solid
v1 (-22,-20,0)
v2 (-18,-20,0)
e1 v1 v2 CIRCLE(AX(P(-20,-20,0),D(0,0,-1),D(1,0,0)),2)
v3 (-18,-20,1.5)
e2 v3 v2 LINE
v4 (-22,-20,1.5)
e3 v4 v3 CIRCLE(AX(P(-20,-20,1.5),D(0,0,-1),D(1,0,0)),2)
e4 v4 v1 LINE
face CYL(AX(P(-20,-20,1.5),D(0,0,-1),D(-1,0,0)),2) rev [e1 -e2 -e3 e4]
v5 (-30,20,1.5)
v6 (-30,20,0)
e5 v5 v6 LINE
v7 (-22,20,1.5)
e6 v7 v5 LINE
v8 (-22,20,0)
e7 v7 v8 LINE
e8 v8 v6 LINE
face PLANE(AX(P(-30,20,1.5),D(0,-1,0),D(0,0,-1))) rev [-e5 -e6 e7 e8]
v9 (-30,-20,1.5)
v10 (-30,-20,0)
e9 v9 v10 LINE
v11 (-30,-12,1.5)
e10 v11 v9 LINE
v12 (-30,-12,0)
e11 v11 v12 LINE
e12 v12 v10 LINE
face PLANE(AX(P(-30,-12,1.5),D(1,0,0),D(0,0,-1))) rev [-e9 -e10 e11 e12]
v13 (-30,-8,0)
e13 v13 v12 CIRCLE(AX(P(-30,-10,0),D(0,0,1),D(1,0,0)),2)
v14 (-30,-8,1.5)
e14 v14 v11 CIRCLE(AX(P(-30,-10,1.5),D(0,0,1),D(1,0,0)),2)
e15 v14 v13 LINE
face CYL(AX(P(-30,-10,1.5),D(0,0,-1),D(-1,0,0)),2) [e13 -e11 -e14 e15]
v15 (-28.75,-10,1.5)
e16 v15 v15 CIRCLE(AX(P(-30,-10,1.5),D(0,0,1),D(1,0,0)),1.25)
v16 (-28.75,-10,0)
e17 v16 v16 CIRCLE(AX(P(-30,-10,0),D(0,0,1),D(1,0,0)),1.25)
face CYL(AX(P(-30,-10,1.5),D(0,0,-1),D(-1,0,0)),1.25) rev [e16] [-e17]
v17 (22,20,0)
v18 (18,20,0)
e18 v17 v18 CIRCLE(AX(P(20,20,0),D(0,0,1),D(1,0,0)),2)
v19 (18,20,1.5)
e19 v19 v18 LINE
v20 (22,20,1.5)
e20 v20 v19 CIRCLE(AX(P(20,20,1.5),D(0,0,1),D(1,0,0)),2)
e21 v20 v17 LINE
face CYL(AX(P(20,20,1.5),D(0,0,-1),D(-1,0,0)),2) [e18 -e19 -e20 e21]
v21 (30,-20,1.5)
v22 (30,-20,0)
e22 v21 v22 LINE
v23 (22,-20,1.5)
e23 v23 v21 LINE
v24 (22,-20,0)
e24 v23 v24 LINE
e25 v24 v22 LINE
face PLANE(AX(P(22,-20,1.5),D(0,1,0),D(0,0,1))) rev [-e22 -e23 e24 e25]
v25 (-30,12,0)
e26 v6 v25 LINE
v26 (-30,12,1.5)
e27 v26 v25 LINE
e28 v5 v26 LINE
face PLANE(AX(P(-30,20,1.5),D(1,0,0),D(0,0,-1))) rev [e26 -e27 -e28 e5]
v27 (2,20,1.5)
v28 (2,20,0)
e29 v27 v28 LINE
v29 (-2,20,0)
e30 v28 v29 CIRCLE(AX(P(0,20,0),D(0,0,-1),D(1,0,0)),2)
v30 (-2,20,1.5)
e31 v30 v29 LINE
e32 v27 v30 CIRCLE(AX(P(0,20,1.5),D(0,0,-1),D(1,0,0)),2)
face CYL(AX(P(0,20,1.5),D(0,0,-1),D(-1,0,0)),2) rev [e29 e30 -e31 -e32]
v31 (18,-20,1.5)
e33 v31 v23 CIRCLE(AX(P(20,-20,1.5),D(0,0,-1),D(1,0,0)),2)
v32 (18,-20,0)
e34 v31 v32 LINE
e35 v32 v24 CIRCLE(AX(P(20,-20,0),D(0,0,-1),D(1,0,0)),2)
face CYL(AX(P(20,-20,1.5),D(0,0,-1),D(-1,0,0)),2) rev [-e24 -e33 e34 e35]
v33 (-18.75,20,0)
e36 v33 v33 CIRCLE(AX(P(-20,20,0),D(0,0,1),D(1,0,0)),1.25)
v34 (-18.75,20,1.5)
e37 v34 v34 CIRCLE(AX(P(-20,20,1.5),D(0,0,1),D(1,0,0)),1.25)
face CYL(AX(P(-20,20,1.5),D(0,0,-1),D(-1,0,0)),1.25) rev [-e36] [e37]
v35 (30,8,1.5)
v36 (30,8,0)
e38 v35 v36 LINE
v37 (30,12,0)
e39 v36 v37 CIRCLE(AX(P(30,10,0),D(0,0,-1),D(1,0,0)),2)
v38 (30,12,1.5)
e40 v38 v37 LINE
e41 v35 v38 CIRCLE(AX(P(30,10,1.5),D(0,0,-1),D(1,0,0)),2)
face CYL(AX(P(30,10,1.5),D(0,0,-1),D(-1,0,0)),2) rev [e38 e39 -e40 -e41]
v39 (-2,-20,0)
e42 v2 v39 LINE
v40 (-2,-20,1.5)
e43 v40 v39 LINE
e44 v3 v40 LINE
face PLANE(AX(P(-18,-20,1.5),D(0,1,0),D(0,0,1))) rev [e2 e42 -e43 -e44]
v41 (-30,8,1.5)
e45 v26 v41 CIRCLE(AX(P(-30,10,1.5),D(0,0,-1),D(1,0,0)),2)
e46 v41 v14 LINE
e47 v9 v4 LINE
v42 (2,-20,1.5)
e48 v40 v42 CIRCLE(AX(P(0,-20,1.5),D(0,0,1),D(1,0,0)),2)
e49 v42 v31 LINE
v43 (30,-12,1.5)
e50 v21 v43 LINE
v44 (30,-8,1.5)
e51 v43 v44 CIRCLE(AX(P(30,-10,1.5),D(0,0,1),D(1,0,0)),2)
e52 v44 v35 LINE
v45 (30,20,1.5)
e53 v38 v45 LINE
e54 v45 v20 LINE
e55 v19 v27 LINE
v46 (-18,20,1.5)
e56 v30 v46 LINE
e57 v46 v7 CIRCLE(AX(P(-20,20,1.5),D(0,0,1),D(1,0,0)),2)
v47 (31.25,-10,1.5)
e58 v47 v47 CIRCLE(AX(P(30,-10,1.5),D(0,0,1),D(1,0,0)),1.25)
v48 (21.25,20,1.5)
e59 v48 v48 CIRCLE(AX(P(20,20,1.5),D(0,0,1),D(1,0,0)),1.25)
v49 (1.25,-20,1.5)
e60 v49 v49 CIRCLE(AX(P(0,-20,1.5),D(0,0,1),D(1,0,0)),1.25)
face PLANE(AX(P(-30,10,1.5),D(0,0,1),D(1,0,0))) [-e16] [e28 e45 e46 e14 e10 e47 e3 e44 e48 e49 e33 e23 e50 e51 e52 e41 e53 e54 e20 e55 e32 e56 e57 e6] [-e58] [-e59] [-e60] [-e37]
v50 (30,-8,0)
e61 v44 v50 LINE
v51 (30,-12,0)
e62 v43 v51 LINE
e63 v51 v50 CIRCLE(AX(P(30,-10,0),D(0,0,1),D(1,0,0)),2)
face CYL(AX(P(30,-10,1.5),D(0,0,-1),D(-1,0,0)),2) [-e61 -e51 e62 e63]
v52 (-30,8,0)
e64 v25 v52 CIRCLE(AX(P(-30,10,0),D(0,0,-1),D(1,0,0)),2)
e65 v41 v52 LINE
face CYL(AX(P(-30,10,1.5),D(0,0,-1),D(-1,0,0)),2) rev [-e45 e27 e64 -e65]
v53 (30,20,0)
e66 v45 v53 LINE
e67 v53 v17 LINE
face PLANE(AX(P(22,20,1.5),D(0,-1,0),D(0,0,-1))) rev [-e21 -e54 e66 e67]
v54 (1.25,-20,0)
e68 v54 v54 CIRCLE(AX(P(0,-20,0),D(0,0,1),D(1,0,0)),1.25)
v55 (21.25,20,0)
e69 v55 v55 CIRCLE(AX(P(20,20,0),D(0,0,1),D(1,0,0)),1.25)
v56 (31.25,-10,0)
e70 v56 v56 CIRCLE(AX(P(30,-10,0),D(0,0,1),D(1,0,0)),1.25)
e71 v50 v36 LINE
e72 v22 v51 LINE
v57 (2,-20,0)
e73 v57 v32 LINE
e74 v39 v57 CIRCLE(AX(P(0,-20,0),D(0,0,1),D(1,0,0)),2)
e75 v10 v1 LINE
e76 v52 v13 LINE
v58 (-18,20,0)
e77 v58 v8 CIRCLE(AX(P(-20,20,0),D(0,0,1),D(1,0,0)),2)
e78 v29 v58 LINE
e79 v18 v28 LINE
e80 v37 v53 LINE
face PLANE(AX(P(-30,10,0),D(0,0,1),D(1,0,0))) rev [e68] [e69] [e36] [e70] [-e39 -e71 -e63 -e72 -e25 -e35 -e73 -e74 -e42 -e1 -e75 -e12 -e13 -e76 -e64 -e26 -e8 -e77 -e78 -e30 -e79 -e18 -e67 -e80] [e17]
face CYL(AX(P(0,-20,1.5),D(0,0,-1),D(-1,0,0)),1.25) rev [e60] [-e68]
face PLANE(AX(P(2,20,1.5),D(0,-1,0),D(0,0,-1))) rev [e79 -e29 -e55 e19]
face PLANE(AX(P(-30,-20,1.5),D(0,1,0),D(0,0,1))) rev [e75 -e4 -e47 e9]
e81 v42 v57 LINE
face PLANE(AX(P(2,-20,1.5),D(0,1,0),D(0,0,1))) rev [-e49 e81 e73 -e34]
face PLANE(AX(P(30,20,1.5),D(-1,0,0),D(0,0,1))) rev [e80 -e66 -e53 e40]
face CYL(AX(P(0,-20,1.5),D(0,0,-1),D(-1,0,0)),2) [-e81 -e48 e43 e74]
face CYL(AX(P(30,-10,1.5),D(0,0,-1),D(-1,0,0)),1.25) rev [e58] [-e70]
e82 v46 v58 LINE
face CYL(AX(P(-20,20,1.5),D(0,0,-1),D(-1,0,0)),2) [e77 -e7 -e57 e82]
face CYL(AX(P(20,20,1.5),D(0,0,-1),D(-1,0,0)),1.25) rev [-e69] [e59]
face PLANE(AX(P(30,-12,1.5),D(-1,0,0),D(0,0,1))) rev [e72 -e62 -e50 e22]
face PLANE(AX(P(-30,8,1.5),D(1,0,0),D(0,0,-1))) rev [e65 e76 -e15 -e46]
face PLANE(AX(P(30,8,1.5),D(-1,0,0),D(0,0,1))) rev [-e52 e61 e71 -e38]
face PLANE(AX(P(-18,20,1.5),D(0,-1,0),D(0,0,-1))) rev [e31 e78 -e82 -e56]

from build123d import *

# Parameters (mm, degrees)
ESQUISSE1_R        = 1.25
BOSS_EXTRU_1_DEPTH = 1.5


with BuildPart() as part:
    # Esquisse1 → Boss.-Extru.1 (new body)
    with BuildSketch(Plane.XY):
        with BuildLine():
            Line((-30, 20), (-22, 20))
            ThreePointArc((-22, 20), (-20, 22), (-18, 20))
            Line((-18, 20), (-2, 20))
            ThreePointArc((-2, 20), (0, 18), (2, 20))
            Line((2, 20), (18, 20))
            ThreePointArc((18, 20), (20, 22), (22, 20))
            Line((22, 20), (30, 20))
            Line((30, 20), (30, 12))
            ThreePointArc((30, 12), (28, 10), (30, 8))
            Line((30, 8), (30, -8))
            ThreePointArc((30, -8), (32, -10), (30, -12))
            Line((30, -12), (30, -20))
            Line((30, -20), (22, -20))
            ThreePointArc((22, -20), (20, -18), (18, -20))
            Line((18, -20), (2, -20))
            ThreePointArc((2, -20), (0, -22), (-2, -20))
            Line((-2, -20), (-18, -20))
            ThreePointArc((-18, -20), (-20, -18), (-22, -20))
            Line((-22, -20), (-30, -20))
            Line((-30, -20), (-30, -12))
            ThreePointArc((-30, -12), (-32, -10), (-30, -8))
            Line((-30, -8), (-30, 8))
            ThreePointArc((-30, 8), (-28, 10), (-30, 12))
            Line((-30, 12), (-30, 20))
        make_face()
        with Locations((-20, 20)):
            Circle(ESQUISSE1_R, mode=Mode.SUBTRACT)
        with Locations((20, 20)):
            Circle(ESQUISSE1_R, mode=Mode.SUBTRACT)
        with Locations((30, -10)):
            Circle(ESQUISSE1_R, mode=Mode.SUBTRACT)
        with Locations((0, -20)):
            Circle(ESQUISSE1_R, mode=Mode.SUBTRACT)
        with Locations((-30, -10)):
            Circle(ESQUISSE1_R, mode=Mode.SUBTRACT)
    extrude(amount=BOSS_EXTRU_1_DEPTH)


solid = part.part
